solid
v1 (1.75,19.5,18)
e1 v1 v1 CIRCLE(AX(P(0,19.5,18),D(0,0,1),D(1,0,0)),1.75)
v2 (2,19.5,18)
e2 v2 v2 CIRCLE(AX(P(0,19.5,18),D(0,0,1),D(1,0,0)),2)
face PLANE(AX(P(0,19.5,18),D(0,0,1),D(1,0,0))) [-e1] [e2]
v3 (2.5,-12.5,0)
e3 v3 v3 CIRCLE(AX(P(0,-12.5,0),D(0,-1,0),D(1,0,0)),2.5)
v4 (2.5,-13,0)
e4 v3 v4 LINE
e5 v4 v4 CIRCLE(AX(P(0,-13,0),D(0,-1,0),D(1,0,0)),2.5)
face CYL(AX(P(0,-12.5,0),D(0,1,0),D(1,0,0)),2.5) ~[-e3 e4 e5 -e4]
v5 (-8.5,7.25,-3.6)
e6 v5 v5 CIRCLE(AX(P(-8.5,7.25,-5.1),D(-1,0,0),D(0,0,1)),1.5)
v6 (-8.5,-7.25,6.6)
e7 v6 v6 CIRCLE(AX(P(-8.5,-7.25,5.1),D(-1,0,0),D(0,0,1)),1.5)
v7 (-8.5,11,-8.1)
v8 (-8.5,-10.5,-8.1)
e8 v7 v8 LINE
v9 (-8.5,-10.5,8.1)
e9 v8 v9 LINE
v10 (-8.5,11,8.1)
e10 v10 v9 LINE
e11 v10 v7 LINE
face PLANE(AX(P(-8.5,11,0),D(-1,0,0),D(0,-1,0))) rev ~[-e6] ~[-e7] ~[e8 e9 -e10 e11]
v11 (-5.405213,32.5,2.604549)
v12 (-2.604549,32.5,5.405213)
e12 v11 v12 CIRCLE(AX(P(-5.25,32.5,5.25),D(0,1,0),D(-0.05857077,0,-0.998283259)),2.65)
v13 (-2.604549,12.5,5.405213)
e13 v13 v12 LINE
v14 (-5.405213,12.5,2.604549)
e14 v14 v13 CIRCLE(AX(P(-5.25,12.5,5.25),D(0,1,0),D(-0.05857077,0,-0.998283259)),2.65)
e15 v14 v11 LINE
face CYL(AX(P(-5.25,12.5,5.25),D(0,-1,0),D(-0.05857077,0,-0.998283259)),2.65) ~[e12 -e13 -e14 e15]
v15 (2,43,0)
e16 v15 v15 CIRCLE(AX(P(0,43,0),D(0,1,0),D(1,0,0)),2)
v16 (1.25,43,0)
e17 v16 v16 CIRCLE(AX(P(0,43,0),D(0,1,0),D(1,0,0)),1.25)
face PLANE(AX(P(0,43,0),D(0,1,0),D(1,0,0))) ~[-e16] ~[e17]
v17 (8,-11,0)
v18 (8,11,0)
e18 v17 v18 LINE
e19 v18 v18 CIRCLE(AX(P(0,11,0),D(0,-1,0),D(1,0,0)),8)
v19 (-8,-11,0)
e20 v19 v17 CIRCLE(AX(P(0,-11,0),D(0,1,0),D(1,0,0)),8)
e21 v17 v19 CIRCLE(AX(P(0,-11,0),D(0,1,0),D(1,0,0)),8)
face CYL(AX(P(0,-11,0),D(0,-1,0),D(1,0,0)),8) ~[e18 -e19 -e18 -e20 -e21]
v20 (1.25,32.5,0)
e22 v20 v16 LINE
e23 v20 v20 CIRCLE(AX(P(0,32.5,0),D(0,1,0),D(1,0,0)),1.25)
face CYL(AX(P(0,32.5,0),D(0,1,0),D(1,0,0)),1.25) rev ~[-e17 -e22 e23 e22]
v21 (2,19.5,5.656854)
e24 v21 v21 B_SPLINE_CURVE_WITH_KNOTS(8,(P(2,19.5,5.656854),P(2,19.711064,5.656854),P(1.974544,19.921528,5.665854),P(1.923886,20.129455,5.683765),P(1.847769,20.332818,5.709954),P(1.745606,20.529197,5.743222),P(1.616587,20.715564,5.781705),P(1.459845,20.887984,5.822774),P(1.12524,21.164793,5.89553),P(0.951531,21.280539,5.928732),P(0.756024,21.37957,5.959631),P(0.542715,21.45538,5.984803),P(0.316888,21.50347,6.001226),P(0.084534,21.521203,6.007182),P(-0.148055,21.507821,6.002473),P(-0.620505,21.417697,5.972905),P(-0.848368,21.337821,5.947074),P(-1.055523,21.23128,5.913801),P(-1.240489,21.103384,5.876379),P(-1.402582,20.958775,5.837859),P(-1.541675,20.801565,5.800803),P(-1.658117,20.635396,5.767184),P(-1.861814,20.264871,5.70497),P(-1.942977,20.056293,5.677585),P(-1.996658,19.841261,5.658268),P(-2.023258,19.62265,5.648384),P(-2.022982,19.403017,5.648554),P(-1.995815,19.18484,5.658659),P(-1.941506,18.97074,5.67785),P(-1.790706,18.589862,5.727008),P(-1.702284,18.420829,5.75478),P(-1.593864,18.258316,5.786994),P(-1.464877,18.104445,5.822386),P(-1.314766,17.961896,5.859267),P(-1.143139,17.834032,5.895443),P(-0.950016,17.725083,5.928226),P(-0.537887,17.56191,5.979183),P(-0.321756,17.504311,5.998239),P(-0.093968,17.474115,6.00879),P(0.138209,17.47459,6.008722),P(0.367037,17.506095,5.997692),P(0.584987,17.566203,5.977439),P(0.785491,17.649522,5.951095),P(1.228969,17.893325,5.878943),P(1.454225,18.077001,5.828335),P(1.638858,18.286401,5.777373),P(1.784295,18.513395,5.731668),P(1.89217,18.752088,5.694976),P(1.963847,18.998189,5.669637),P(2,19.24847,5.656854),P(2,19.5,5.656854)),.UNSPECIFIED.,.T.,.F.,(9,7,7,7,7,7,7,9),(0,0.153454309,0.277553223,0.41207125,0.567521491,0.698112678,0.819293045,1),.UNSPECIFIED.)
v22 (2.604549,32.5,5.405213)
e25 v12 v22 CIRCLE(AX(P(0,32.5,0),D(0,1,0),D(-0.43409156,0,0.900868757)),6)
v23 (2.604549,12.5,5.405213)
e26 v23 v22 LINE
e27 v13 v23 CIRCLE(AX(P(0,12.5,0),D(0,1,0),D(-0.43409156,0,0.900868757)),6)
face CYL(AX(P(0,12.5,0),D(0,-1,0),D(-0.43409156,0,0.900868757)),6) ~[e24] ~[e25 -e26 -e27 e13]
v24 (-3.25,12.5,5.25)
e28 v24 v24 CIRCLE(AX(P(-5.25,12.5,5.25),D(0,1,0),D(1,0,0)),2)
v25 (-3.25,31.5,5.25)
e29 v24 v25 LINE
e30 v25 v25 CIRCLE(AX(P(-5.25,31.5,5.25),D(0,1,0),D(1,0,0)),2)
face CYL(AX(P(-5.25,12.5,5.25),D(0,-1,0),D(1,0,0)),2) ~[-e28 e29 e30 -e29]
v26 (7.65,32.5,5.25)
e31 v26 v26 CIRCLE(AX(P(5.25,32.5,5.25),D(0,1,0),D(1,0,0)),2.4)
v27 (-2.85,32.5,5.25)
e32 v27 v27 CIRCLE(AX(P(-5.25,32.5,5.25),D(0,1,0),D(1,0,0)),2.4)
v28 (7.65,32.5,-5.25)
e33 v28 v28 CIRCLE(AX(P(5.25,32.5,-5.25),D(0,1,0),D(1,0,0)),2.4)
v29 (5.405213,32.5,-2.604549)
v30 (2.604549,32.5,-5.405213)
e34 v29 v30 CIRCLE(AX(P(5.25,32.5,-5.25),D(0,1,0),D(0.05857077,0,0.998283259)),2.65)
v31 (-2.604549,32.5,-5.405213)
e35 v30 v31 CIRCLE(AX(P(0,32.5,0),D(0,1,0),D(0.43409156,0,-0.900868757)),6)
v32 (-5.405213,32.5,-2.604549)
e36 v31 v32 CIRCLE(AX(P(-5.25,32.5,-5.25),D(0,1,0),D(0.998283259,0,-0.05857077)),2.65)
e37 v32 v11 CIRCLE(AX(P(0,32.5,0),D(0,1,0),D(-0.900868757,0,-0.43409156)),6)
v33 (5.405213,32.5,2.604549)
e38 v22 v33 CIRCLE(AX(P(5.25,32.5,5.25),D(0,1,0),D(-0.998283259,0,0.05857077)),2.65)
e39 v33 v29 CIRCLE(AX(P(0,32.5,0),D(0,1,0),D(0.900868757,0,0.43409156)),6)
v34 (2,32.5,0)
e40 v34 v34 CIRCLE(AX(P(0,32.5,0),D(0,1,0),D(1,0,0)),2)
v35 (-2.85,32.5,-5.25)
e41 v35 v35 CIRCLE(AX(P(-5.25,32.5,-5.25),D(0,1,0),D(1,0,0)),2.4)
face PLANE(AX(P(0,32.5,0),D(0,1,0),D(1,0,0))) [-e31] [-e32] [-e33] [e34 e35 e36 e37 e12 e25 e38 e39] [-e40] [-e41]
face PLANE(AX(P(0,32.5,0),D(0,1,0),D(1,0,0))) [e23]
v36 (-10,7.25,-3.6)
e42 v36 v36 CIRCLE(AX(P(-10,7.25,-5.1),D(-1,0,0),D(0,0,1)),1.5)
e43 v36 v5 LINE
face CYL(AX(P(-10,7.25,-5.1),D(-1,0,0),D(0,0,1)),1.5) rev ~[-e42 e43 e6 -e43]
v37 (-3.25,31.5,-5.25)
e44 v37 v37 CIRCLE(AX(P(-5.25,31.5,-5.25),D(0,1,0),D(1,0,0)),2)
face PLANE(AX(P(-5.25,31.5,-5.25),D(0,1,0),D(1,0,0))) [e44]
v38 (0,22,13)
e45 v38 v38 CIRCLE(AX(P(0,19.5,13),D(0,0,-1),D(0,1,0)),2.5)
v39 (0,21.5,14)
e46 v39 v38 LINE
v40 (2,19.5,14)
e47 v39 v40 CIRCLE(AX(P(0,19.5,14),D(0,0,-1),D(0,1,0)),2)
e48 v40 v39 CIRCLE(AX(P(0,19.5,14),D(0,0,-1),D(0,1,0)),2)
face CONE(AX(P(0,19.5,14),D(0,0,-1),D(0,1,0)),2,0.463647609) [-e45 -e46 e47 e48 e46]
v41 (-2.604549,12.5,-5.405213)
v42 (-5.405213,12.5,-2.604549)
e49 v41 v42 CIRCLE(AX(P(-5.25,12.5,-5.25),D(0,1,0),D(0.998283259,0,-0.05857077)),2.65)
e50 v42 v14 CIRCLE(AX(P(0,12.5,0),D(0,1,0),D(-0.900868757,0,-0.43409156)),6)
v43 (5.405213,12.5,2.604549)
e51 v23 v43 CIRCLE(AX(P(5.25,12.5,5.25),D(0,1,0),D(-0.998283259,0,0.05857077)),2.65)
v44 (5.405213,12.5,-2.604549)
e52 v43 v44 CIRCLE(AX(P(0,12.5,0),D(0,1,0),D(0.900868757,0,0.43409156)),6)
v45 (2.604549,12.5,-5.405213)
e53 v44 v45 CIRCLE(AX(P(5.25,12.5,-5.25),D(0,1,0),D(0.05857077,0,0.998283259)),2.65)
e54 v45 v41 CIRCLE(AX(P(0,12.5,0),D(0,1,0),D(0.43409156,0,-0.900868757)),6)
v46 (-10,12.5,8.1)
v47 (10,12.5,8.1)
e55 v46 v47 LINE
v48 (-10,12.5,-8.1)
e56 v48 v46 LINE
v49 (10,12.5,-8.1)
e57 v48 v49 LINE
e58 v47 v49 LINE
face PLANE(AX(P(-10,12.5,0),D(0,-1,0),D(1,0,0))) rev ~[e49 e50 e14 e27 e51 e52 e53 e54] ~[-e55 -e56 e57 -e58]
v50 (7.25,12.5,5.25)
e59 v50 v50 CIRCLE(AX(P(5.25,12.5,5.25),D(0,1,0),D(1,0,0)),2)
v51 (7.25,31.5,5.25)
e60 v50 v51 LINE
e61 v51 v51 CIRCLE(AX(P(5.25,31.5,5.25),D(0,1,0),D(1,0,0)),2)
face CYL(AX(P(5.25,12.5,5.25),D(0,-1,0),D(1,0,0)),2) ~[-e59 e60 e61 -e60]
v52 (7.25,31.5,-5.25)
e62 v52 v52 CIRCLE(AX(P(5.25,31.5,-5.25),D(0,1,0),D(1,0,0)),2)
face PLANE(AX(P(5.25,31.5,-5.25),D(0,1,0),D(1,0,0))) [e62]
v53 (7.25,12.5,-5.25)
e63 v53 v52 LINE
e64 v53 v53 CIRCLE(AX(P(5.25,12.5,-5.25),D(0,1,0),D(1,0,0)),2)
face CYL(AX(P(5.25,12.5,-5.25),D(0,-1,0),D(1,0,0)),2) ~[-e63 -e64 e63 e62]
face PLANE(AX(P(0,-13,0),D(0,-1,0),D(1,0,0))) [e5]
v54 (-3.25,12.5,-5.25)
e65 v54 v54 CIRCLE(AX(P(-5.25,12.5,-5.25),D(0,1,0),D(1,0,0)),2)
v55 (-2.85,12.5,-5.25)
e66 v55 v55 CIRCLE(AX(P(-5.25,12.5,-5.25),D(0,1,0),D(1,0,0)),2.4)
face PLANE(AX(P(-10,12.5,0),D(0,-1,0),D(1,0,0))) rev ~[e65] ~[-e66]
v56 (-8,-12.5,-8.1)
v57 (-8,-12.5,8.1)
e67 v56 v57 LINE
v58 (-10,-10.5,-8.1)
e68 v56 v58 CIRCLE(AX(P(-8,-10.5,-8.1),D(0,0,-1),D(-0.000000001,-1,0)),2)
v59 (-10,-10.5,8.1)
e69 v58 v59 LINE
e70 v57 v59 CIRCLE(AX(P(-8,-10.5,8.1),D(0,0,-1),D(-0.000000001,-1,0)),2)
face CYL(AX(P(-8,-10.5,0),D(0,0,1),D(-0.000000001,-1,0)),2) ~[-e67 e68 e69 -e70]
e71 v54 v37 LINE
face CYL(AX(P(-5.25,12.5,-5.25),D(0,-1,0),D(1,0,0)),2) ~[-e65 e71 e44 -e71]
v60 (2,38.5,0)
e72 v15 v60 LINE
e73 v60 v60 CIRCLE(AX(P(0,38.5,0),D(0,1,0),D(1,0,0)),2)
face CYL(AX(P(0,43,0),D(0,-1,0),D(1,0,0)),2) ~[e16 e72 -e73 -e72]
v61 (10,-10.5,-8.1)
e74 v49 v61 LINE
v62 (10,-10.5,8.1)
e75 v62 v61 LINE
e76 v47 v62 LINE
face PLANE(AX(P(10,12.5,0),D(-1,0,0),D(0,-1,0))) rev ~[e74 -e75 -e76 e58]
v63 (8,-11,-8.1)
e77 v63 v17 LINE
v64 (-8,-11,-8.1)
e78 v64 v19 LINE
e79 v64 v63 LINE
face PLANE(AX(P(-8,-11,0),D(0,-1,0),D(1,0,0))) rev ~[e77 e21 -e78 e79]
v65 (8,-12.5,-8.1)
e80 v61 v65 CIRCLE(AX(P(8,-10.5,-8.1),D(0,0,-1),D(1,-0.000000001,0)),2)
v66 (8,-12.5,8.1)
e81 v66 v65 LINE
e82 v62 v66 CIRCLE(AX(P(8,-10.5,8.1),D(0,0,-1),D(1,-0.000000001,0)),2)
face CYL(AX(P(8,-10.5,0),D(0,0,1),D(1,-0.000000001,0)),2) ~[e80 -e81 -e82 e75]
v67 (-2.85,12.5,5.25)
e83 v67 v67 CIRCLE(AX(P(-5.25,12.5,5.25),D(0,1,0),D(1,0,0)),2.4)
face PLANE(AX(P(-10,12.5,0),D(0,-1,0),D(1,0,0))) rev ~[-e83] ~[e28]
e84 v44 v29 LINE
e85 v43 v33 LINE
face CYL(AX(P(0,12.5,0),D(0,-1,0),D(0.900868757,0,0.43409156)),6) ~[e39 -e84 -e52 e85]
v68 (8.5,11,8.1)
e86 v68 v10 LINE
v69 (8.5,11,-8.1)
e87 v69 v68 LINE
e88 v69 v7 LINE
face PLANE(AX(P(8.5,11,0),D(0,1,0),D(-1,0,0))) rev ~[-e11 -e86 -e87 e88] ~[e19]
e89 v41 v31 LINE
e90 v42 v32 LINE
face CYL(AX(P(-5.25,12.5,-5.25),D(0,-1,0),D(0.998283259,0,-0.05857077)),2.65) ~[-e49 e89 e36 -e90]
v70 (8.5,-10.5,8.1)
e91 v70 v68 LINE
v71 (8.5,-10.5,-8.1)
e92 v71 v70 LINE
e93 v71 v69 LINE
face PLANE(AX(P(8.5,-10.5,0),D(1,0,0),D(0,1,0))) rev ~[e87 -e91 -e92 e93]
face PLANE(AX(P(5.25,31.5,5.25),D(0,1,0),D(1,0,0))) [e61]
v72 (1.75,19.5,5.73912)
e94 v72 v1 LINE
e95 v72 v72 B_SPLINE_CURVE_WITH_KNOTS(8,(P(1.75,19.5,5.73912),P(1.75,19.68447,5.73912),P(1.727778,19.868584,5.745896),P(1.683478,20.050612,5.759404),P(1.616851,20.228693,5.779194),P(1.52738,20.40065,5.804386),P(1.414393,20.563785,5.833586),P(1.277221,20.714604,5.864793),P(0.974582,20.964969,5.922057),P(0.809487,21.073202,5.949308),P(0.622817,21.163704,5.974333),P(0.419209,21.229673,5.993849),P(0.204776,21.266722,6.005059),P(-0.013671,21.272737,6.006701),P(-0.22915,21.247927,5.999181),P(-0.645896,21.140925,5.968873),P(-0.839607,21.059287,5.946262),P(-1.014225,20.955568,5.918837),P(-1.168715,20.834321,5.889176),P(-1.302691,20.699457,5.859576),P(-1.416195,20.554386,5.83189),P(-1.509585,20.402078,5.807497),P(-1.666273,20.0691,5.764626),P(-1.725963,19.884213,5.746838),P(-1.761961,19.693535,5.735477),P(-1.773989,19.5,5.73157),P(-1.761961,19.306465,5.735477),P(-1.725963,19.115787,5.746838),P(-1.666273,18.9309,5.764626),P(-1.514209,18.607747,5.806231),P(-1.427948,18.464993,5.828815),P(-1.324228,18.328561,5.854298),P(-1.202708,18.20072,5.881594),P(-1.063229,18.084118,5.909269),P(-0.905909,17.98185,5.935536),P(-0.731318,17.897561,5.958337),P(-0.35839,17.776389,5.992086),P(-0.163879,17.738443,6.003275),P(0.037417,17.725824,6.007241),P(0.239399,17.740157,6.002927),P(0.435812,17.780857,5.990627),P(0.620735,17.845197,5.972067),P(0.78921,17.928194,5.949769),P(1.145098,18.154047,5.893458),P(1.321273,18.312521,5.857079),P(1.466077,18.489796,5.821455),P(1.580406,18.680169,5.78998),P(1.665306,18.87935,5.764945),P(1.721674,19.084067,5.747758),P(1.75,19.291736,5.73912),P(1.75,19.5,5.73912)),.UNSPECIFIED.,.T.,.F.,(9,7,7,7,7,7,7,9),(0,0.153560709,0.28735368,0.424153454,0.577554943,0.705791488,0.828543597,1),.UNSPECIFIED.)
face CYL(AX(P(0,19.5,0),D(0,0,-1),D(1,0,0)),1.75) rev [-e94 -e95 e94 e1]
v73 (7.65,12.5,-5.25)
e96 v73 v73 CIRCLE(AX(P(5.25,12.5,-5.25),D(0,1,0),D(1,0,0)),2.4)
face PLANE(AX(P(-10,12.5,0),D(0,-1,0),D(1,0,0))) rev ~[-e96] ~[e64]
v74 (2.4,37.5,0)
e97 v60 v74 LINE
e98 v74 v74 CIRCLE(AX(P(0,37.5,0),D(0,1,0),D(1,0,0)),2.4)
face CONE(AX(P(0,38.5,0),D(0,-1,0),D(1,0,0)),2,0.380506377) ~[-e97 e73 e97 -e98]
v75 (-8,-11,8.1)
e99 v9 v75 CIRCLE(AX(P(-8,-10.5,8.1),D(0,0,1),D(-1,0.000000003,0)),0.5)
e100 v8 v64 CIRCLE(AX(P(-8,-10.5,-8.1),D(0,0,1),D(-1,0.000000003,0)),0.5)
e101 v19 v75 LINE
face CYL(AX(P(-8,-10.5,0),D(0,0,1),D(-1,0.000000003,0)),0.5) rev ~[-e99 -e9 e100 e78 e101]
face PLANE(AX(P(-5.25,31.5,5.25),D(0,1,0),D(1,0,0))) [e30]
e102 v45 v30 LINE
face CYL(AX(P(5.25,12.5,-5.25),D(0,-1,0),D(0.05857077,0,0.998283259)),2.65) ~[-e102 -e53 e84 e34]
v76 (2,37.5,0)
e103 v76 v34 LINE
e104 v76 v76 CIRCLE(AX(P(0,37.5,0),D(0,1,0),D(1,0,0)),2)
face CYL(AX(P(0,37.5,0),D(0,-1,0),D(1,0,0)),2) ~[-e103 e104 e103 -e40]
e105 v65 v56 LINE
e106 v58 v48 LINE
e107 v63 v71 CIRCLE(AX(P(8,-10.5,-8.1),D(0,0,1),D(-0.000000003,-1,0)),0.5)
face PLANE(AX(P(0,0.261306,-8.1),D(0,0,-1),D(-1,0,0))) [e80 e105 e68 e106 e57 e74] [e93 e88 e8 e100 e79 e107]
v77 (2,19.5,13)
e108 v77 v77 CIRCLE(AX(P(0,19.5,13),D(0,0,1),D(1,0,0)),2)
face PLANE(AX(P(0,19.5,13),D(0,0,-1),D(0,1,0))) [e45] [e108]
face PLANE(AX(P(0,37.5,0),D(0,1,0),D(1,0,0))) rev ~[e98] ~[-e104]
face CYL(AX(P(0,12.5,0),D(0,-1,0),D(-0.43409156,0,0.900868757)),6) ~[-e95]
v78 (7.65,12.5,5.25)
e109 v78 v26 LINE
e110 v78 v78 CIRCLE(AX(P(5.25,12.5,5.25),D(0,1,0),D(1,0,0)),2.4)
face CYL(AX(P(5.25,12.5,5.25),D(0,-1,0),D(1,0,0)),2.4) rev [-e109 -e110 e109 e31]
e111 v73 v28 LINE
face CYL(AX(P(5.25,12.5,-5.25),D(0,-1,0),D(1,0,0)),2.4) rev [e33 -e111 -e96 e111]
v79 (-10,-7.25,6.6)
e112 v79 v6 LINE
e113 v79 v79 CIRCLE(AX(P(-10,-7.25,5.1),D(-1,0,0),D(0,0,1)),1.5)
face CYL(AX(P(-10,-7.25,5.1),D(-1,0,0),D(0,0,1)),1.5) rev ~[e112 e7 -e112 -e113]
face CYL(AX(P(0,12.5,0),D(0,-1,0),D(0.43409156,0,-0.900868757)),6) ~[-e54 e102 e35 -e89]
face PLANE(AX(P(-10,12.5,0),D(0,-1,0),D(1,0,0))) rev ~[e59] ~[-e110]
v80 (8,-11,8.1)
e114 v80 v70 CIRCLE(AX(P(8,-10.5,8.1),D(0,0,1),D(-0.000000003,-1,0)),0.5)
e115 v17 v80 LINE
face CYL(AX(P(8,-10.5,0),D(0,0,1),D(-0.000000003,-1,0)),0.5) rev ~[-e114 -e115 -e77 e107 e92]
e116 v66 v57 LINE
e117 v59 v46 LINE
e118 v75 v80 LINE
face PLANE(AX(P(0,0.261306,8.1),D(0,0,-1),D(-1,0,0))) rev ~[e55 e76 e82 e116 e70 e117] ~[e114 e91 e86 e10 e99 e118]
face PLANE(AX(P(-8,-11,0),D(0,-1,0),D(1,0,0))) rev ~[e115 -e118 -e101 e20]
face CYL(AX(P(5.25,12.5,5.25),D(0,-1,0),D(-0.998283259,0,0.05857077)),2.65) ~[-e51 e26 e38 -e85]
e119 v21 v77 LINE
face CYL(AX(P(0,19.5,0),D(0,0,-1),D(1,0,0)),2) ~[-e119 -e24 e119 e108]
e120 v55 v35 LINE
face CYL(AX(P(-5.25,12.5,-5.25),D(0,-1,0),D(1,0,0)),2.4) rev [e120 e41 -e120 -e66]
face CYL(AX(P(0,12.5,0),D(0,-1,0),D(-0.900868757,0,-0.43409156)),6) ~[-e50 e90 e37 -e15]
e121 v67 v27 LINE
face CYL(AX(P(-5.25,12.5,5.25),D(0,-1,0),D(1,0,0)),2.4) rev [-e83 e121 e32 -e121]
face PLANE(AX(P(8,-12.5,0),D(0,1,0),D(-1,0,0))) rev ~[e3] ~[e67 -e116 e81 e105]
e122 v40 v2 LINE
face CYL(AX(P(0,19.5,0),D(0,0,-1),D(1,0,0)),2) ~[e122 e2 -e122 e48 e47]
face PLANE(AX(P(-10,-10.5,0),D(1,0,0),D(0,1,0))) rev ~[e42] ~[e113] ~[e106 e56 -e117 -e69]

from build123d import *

# Parameters (mm, degrees)
BOSS_EXTRUDE1_DEPTH      = 8.1
BOSS_EXTRUDE1_DEPTH_BACK = 8.1
BOSS_EXTRUDE5_REACH      = 28.793
SKETCH2_R                = 8
SKETCH3_R                = 2.5
BOSS_EXTRUDE6_DEPTH      = 0.5
SKETCH4_R                = 2.4
BOSS_EXTRUDE7_DEPTH      = 20
SKETCH8_R                = 2
BOSS_EXTRUDE8_DEPTH      = 19
SKETCH11_R               = 2
SKETCH11_R_2             = 1.75
BOSS_EXTRUDE10_DEPTH     = 18
CUT_EXTRUDE1_REACH       = 52.725
SKETCH13_R               = 1.5


with BuildPart() as part:
    # Sketch1 → Boss-Extrude1 (new, two sides: drawn at the far end of the back side and taken through both)
    with BuildSketch(Plane.XY.offset(-BOSS_EXTRUDE1_DEPTH_BACK)):
        with BuildLine():
            Line((-10, 12.5), (10, 12.5))
            Line((10, 12.5), (10, -10.5))
            ThreePointArc((10, -10.5), (9.414213562, -11.914213562), (8, -12.5))
            Line((8, -12.5), (-8, -12.5))
            ThreePointArc((-8, -12.5), (-9.414213562, -11.914213562), (-10, -10.5))
            Line((-10, -10.5), (-10, 12.5))
        make_face()
        with BuildLine():
            Line((-8.5, 11), (-8.5, -10.5))
            ThreePointArc((-8.5, -10.5), (-8.353553391, -10.853553391), (-8, -11))
            Line((-8, -11), (8, -11))
            ThreePointArc((8, -11), (8.353553391, -10.853553391), (8.5, -10.5))
            Line((8.5, -10.5), (8.5, 11))
            Line((8.5, 11), (-8.5, 11))
        make_face(mode=Mode.SUBTRACT)
    extrude(amount=BOSS_EXTRUDE1_DEPTH + BOSS_EXTRUDE1_DEPTH_BACK)

    # Sketch2 → Boss-Extrude5 (add, up to next)
    with BuildSketch(Plane(origin=(0, -11, 0), x_dir=(1, 0, 0), z_dir=(0, 1, 0)), mode=Mode.PRIVATE) as boss_extrude5_sk1:
        Circle(SKETCH2_R)
    boss_extrude5_tool1 = extrude(boss_extrude5_sk1.sketch, amount=BOSS_EXTRUDE5_REACH, mode=Mode.PRIVATE) - part.part
    add(boss_extrude5_tool1.solids().sort_by_distance((0, -11, 0))[0])

    # Sketch3 → Boss-Extrude6 (add)
    with BuildSketch(Plane.XZ.offset(12.5)):
        Circle(SKETCH3_R)
    extrude(amount=BOSS_EXTRUDE6_DEPTH)

    # Sketch4 → Boss-Extrude7 (add)
    with BuildSketch(Plane(origin=(0, 12.5, 0), x_dir=(1, 0, 0), z_dir=(0, 1, 0))):
        with BuildLine():
            ThreePointArc((-5.405212541, 2.604549364), (-6, 0), (-5.405212541, -2.604549364))
            ThreePointArc((-5.405212541, -2.604549364), (-7.12383297, -7.12383297), (-2.604549364, -5.405212541))
            ThreePointArc((-2.604549364, -5.405212541), (0, -6), (2.604549364, -5.405212541))
            ThreePointArc((2.604549364, -5.405212541), (7.12383297, -7.12383297), (5.405212541, -2.604549364))
            ThreePointArc((5.405212541, -2.604549364), (6, 0), (5.405212541, 2.604549364))
            ThreePointArc((5.405212541, 2.604549364), (7.12383297, 7.12383297), (2.604549364, 5.405212541))
            ThreePointArc((2.604549364, 5.405212541), (0, 6), (-2.604549364, 5.405212541))
            ThreePointArc((-2.604549364, 5.405212541), (-7.12383297, 7.12383297), (-5.405212541, 2.604549364))
        make_face()
        with Locations((-5.25, 5.25)):
            Circle(SKETCH4_R, mode=Mode.SUBTRACT)
        with Locations((5.25, 5.25)):
            Circle(SKETCH4_R, mode=Mode.SUBTRACT)
        with Locations((5.25, -5.25)):
            Circle(SKETCH4_R, mode=Mode.SUBTRACT)
        with Locations((-5.25, -5.25)):
            Circle(SKETCH4_R, mode=Mode.SUBTRACT)
    extrude(amount=BOSS_EXTRUDE7_DEPTH)

    # Sketch6 → Revolve1 (revolve)
    with BuildSketch(Plane.XY):
        Polygon((1.25, 32.5), (1.25, 43), (2, 43), (2, 38.5), (2.4, 37.5), (2, 37.5), (2, 32.5), align=None)
    revolve(axis=Axis((0, 32.5, 0), (0, 1, 0)))

    # Sketch8 → Boss-Extrude8 (add)
    with BuildSketch(Plane(origin=(0, 12.5, 0), x_dir=(1, 0, 0), z_dir=(0, 1, 0))):
        with Locations((-5.25, 5.25)):
            Circle(SKETCH8_R)
        with Locations((5.25, 5.25)):
            Circle(SKETCH8_R)
        with Locations((5.25, -5.25)):
            Circle(SKETCH8_R)
        with Locations((-5.25, -5.25)):
            Circle(SKETCH8_R)
    extrude(amount=BOSS_EXTRUDE8_DEPTH)

    # Sketch11 → Boss-Extrude10 (add)
    with BuildSketch(Plane.XY):
        with Locations((0, 19.5)):
            Circle(SKETCH11_R)
        with Locations((0, 19.5)):
            Circle(SKETCH11_R_2, mode=Mode.SUBTRACT)
    extrude(amount=BOSS_EXTRUDE10_DEPTH)

    # Sketch12 → Revolve2 (revolve)
    with BuildSketch(Plane(origin=(0, 0, 0), x_dir=(0, 0, -1), z_dir=(1, 0, 0))):
        Polygon((-14, 21.5), (-13, 22), (-13, 21.5), align=None)
    revolve(axis=Axis((0, 19.5, 18), (0, 0, -1)))

    # Sketch13 → Cut-Extrude1 (cut, up to next)
    with BuildSketch(Plane.ZY.offset(10), mode=Mode.PRIVATE) as cut_extrude1_sk1:
        with Locations((-5.1, 7.25)):
            Circle(SKETCH13_R)
    cut_extrude1_tool1 = extrude(cut_extrude1_sk1.sketch, amount=-CUT_EXTRUDE1_REACH, mode=Mode.PRIVATE) & part.part
    # Sketch13 → Cut-Extrude1 (cut, up to next)
    with BuildSketch(Plane.ZY.offset(10), mode=Mode.PRIVATE) as cut_extrude1_sk2:
        with Locations((5.1, -7.25)):
            Circle(SKETCH13_R)
    cut_extrude1_tool2 = extrude(cut_extrude1_sk2.sketch, amount=-CUT_EXTRUDE1_REACH, mode=Mode.PRIVATE) & part.part
    add(cut_extrude1_tool1.solids().sort_by_distance((-10, 7.25, -5.1))[0], mode=Mode.SUBTRACT)
    add(cut_extrude1_tool2.solids().sort_by_distance((-10, -7.25, 5.1))[0], mode=Mode.SUBTRACT)


solid = part.part
